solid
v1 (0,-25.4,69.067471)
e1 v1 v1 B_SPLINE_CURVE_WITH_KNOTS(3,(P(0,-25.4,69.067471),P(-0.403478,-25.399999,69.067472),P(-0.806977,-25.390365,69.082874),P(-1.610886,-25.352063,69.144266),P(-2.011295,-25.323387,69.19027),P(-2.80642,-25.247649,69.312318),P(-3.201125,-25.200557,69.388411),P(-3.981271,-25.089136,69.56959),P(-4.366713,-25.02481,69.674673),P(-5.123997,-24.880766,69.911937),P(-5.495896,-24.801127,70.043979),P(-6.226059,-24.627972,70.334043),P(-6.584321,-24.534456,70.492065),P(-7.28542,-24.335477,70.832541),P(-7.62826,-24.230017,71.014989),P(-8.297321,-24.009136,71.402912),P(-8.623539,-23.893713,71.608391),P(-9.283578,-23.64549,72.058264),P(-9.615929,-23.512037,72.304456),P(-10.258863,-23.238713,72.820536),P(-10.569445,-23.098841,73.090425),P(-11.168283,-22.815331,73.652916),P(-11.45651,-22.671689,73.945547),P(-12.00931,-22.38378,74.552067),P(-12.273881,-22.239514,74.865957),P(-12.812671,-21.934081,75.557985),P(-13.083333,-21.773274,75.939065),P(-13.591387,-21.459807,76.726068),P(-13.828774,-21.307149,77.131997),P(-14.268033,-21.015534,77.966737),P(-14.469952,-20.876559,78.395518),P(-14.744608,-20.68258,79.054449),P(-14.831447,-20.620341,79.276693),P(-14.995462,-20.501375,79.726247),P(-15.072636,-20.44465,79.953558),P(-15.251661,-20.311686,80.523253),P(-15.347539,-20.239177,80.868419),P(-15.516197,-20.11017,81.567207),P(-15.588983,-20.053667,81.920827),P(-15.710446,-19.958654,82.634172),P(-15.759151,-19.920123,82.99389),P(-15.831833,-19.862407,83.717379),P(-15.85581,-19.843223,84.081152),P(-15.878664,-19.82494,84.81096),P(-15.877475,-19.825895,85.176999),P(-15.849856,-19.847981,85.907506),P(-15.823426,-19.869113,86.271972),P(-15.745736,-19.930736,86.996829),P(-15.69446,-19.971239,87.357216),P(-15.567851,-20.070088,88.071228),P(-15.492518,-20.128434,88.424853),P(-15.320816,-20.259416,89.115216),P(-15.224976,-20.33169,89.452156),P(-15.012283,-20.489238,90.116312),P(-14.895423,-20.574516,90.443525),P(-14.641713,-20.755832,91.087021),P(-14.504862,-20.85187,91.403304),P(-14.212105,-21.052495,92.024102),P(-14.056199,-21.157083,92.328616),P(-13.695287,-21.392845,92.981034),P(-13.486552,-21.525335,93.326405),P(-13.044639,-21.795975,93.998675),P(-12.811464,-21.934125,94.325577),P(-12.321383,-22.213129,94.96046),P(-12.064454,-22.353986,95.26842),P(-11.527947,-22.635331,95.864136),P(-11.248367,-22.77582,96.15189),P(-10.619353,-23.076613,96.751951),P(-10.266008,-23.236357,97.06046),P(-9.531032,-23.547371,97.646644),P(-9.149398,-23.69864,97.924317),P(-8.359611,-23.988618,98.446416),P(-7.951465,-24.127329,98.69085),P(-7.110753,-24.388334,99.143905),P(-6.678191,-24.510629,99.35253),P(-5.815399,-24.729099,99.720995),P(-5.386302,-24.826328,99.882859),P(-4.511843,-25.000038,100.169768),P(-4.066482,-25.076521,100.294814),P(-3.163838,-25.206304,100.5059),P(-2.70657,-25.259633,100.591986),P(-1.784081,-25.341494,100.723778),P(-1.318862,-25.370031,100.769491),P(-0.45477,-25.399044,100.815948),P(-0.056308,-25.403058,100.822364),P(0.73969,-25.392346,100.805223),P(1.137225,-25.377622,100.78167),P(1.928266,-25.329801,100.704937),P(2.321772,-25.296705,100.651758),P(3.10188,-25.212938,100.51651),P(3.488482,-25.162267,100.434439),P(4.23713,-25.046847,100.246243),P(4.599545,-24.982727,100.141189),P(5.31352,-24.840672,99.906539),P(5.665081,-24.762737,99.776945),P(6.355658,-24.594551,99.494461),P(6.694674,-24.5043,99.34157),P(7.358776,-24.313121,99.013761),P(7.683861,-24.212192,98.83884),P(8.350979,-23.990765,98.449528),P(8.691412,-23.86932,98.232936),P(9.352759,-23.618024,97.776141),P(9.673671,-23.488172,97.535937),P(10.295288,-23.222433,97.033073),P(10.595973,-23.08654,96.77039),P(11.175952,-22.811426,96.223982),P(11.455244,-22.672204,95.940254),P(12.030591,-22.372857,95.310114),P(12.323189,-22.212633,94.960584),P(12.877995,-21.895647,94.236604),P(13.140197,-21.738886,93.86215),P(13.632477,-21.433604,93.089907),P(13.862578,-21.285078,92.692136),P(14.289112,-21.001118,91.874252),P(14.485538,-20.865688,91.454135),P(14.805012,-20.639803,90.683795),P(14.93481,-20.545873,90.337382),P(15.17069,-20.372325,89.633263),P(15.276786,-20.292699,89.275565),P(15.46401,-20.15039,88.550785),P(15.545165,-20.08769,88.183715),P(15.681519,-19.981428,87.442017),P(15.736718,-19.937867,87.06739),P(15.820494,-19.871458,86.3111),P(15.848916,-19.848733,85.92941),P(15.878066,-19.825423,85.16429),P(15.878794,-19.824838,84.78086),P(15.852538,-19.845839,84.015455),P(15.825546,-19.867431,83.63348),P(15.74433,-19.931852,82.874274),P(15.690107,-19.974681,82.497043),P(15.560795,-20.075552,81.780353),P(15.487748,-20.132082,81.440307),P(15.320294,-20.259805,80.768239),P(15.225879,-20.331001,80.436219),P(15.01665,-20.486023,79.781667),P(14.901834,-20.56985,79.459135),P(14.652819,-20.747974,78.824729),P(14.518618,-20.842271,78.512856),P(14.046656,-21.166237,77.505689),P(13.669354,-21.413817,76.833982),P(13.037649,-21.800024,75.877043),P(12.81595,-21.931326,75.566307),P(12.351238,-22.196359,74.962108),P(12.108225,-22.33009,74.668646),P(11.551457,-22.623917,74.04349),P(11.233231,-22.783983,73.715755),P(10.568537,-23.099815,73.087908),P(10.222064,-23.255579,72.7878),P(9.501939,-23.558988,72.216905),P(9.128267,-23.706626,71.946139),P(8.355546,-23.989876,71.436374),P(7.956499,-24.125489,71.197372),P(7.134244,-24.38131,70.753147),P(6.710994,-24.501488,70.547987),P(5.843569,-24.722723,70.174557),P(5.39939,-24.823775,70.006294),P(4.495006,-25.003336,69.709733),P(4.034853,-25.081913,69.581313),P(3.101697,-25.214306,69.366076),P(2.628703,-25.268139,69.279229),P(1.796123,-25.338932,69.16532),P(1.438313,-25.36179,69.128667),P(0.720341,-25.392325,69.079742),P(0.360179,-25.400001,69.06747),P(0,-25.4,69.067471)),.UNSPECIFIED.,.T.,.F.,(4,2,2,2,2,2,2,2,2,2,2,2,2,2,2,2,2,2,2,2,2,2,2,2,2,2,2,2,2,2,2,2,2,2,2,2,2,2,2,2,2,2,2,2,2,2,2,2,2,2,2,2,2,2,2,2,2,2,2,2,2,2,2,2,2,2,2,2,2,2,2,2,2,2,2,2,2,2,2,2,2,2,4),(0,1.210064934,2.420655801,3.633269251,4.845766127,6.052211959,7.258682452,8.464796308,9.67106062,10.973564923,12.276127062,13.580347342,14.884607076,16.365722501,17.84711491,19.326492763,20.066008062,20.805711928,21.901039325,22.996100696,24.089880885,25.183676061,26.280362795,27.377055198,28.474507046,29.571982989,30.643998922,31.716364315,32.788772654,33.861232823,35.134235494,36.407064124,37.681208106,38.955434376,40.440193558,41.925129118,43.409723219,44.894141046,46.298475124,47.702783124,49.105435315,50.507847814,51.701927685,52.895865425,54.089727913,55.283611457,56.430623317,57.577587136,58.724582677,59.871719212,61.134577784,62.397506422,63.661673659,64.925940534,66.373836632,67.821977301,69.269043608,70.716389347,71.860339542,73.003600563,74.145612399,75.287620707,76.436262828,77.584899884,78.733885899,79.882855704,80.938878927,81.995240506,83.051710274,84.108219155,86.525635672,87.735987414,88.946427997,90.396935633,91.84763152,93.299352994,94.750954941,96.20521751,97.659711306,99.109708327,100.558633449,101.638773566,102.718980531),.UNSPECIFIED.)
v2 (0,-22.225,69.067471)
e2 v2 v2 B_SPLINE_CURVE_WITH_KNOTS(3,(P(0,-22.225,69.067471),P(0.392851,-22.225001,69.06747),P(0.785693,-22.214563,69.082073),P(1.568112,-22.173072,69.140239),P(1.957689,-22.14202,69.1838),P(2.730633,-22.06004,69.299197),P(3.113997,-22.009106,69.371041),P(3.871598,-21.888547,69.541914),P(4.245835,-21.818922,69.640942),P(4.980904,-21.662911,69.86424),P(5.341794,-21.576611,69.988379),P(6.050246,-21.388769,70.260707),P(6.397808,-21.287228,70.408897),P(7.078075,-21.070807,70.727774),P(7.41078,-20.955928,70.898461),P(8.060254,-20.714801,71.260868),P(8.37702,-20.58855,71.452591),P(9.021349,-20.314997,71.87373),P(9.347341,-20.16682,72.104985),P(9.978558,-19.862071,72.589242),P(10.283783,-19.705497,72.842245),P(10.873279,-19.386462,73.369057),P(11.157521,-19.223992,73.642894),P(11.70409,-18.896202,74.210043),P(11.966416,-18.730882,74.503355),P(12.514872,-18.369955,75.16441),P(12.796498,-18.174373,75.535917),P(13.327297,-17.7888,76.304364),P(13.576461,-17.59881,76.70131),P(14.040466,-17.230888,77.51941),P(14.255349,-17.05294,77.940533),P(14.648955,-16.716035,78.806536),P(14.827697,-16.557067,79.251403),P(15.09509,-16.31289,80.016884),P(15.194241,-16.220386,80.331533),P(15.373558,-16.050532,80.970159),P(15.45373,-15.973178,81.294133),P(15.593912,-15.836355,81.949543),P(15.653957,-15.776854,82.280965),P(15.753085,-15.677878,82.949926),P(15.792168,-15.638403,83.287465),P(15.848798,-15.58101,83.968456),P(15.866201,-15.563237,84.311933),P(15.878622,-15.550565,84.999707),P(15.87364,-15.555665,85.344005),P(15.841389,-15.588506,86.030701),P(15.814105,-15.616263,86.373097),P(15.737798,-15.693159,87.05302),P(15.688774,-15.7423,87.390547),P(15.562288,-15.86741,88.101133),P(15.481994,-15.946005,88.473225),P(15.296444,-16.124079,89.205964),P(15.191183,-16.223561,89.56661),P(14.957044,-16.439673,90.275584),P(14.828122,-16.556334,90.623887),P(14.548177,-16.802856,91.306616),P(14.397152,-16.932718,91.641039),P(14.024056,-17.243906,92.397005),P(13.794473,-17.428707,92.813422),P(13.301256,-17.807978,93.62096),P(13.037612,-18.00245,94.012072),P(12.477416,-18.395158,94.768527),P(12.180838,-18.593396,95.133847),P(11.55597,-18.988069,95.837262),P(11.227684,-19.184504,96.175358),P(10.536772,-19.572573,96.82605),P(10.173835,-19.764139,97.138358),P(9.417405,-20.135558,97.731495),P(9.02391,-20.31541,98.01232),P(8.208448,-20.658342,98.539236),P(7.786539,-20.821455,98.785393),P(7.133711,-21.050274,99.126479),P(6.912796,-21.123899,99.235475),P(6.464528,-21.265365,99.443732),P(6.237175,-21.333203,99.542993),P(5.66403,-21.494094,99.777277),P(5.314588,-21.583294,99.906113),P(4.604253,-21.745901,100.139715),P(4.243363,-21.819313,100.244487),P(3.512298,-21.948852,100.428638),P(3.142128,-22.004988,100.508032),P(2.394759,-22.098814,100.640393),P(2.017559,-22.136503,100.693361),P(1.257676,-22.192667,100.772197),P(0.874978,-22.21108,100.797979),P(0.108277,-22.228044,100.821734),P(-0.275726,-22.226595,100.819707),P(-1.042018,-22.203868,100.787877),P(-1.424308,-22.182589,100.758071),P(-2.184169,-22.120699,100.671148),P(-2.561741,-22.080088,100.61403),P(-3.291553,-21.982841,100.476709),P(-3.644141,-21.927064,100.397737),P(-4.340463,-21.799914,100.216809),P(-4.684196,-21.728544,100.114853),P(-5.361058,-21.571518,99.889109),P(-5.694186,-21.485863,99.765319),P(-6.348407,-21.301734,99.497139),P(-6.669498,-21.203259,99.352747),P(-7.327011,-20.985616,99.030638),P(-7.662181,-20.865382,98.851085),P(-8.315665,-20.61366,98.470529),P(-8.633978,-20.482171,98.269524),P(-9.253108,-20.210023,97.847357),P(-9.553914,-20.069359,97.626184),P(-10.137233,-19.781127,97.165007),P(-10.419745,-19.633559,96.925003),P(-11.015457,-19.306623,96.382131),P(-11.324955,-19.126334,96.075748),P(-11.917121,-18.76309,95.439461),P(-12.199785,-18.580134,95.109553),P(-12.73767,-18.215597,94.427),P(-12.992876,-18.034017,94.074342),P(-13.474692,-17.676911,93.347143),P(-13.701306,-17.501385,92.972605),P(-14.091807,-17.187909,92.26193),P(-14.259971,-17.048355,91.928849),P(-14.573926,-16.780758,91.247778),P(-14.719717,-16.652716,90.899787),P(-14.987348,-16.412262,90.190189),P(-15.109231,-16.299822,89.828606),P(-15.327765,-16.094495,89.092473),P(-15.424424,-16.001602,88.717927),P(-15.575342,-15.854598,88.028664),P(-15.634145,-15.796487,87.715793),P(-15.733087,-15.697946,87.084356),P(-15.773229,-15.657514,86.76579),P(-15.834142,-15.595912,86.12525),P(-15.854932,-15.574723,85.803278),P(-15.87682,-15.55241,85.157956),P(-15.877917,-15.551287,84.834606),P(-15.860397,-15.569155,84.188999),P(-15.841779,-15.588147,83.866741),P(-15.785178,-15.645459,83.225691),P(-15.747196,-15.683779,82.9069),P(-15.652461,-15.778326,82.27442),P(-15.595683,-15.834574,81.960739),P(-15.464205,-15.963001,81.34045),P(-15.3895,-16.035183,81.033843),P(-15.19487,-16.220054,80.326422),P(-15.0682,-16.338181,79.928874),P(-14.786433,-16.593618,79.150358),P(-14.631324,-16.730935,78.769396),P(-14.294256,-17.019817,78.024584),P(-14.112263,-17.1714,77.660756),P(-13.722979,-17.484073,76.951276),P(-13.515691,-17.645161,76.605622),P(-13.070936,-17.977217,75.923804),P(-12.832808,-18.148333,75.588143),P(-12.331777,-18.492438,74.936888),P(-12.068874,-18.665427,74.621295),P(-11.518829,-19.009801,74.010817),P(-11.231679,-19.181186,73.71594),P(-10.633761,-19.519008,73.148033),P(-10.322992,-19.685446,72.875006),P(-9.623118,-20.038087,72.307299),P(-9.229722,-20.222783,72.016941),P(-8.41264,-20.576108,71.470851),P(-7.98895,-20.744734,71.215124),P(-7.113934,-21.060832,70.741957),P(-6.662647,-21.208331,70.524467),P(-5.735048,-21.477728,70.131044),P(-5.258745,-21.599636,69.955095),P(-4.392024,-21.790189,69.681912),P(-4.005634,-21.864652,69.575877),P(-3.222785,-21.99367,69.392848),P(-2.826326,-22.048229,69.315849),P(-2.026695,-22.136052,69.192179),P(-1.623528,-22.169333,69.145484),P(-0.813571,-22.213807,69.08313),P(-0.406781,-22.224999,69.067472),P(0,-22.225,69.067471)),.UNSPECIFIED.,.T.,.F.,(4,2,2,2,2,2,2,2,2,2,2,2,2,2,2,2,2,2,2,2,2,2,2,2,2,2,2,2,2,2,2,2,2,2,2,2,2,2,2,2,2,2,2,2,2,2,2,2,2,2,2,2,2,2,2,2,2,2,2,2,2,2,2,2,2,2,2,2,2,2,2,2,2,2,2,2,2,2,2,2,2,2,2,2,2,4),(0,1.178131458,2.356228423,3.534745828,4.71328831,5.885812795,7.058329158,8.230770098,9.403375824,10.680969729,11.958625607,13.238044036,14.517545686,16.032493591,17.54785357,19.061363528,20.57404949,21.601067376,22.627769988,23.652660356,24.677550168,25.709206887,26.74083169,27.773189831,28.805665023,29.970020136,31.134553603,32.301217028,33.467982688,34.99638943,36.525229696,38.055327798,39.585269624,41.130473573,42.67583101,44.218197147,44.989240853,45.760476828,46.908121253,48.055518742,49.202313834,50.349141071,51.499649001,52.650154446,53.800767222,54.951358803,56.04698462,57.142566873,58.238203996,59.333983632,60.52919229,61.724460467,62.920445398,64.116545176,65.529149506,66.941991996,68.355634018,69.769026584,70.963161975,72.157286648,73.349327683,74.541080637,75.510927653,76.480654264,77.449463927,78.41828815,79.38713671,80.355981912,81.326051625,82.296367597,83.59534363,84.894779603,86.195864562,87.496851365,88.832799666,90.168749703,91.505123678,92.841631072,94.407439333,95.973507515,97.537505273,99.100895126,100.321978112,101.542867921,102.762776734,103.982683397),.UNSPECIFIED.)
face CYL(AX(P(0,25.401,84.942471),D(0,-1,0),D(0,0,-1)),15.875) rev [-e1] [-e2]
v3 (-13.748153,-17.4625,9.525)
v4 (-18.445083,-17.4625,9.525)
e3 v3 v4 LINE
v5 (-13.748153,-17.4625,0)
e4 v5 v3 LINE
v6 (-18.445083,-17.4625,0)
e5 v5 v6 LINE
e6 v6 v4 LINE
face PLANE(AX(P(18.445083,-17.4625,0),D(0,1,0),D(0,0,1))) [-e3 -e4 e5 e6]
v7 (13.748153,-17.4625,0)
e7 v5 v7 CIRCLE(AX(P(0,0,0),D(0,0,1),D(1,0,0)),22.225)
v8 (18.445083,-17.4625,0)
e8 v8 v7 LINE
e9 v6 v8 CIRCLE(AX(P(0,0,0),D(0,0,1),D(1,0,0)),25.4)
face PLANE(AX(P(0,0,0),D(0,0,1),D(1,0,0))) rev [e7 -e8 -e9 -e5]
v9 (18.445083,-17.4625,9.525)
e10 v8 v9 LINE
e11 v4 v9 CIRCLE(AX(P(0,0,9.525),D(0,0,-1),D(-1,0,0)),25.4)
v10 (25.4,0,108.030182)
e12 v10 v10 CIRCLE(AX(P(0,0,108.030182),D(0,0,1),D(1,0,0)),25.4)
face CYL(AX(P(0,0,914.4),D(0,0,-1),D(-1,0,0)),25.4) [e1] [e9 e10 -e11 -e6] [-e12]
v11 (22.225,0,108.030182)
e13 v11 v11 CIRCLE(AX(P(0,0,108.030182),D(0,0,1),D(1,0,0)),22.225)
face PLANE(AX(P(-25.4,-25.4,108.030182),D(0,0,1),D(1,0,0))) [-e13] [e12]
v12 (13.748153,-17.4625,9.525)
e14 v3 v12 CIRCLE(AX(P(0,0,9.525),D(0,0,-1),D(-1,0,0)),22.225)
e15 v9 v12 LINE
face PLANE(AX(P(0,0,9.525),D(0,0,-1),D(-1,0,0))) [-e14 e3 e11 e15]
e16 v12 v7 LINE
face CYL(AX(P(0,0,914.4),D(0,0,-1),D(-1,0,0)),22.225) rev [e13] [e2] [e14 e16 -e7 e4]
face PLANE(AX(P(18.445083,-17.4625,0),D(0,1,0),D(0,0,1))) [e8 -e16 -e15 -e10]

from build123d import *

# Parameters (mm, degrees)
SKETCH1_R               = 25.4
SKETCH1_R_2             = 22.225
BOSS_EXTRUDE1_DEPTH     = 914.4
CUT_EXTRUDE1_START      = -130.175
SKETCH2_R               = 25.4
CUT_EXTRUDE1_DEPTH      = 785.93028356
CUT_EXTRUDE2_DEPTH      = 126.88384527
SKETCH4_W               = 50.8
SKETCH4_H               = 22.14481799
CUT_EXTRUDE3_DEPTH      = 143.025809714
CUT_EXTRUDE4_REACH      = 124.05
CUT_EXTRUDE4_END_RADIUS = 22.225
SKETCH5_R               = 15.875


with BuildPart() as part:
    # Sketch1 → Boss-Extrude1 (new body)
    with BuildSketch(Plane.XY):
        Circle(SKETCH1_R)
        Circle(SKETCH1_R_2, mode=Mode.SUBTRACT)
    extrude(amount=BOSS_EXTRUDE1_DEPTH)

    # Sketch2 → Cut-Extrude1 (cut, through all)
    with BuildSketch(Plane(origin=(0, 0, 0), x_dir=(-1, 0, 0), z_dir=(0, 0, -1)).offset(CUT_EXTRUDE1_START)):
        Circle(SKETCH2_R)
    extrude(amount=-CUT_EXTRUDE1_DEPTH, mode=Mode.SUBTRACT)

    # Sketch3 → Cut-Extrude2 (cut, through all)
    with BuildSketch(Plane(origin=(0, 0, 9.525), x_dir=(-1, 0, 0), z_dir=(0, 0, -1))):
        with BuildLine():
            Line((-18.445083186, -17.4625), (18.445083186, -17.4625))
            ThreePointArc((18.445083186, -17.4625), (0, 25.4), (-18.445083186, -17.4625))
        make_face()
    extrude(amount=CUT_EXTRUDE2_DEPTH, mode=Mode.SUBTRACT)

    # Sketch4 → Cut-Extrude3 (cut, through all)
    with BuildSketch(Plane(origin=(0, 25.4, 0), x_dir=(1, 0, 0), z_dir=(0, 1, 0))):
        with Locations((0, -119.102591005)):
            Rectangle(SKETCH4_W, SKETCH4_H)
    extrude(amount=-CUT_EXTRUDE3_DEPTH, mode=Mode.SUBTRACT)

    # Cut-Extrude4: up to this cylinder (the profile starts outside it)
    cut_extrude4_end = Plane(origin=(0, 0, 84.942471), z_dir=(0, 0, -1)) * Cylinder(CUT_EXTRUDE4_END_RADIUS, 293.55, mode=Mode.PRIVATE)
    # Sketch5 → Cut-Extrude4 (cut, up to the surface)
    with BuildSketch(Plane(origin=(0, -25.4, 0), x_dir=(-1, 0, 0), z_dir=(0, -1, 0)), mode=Mode.PRIVATE) as cut_extrude4_sk1:
        with Locations(Location((0, -84.94247095, 0), (0, 0, 90))):
            Circle(SKETCH5_R)
    cut_extrude4_tool1 = extrude(cut_extrude4_sk1.sketch, amount=-CUT_EXTRUDE4_REACH, mode=Mode.PRIVATE) - cut_extrude4_end
    add(cut_extrude4_tool1.solids().sort_by_distance((0, -25.4, 84.942471))[0], mode=Mode.SUBTRACT)


solid = part.part
